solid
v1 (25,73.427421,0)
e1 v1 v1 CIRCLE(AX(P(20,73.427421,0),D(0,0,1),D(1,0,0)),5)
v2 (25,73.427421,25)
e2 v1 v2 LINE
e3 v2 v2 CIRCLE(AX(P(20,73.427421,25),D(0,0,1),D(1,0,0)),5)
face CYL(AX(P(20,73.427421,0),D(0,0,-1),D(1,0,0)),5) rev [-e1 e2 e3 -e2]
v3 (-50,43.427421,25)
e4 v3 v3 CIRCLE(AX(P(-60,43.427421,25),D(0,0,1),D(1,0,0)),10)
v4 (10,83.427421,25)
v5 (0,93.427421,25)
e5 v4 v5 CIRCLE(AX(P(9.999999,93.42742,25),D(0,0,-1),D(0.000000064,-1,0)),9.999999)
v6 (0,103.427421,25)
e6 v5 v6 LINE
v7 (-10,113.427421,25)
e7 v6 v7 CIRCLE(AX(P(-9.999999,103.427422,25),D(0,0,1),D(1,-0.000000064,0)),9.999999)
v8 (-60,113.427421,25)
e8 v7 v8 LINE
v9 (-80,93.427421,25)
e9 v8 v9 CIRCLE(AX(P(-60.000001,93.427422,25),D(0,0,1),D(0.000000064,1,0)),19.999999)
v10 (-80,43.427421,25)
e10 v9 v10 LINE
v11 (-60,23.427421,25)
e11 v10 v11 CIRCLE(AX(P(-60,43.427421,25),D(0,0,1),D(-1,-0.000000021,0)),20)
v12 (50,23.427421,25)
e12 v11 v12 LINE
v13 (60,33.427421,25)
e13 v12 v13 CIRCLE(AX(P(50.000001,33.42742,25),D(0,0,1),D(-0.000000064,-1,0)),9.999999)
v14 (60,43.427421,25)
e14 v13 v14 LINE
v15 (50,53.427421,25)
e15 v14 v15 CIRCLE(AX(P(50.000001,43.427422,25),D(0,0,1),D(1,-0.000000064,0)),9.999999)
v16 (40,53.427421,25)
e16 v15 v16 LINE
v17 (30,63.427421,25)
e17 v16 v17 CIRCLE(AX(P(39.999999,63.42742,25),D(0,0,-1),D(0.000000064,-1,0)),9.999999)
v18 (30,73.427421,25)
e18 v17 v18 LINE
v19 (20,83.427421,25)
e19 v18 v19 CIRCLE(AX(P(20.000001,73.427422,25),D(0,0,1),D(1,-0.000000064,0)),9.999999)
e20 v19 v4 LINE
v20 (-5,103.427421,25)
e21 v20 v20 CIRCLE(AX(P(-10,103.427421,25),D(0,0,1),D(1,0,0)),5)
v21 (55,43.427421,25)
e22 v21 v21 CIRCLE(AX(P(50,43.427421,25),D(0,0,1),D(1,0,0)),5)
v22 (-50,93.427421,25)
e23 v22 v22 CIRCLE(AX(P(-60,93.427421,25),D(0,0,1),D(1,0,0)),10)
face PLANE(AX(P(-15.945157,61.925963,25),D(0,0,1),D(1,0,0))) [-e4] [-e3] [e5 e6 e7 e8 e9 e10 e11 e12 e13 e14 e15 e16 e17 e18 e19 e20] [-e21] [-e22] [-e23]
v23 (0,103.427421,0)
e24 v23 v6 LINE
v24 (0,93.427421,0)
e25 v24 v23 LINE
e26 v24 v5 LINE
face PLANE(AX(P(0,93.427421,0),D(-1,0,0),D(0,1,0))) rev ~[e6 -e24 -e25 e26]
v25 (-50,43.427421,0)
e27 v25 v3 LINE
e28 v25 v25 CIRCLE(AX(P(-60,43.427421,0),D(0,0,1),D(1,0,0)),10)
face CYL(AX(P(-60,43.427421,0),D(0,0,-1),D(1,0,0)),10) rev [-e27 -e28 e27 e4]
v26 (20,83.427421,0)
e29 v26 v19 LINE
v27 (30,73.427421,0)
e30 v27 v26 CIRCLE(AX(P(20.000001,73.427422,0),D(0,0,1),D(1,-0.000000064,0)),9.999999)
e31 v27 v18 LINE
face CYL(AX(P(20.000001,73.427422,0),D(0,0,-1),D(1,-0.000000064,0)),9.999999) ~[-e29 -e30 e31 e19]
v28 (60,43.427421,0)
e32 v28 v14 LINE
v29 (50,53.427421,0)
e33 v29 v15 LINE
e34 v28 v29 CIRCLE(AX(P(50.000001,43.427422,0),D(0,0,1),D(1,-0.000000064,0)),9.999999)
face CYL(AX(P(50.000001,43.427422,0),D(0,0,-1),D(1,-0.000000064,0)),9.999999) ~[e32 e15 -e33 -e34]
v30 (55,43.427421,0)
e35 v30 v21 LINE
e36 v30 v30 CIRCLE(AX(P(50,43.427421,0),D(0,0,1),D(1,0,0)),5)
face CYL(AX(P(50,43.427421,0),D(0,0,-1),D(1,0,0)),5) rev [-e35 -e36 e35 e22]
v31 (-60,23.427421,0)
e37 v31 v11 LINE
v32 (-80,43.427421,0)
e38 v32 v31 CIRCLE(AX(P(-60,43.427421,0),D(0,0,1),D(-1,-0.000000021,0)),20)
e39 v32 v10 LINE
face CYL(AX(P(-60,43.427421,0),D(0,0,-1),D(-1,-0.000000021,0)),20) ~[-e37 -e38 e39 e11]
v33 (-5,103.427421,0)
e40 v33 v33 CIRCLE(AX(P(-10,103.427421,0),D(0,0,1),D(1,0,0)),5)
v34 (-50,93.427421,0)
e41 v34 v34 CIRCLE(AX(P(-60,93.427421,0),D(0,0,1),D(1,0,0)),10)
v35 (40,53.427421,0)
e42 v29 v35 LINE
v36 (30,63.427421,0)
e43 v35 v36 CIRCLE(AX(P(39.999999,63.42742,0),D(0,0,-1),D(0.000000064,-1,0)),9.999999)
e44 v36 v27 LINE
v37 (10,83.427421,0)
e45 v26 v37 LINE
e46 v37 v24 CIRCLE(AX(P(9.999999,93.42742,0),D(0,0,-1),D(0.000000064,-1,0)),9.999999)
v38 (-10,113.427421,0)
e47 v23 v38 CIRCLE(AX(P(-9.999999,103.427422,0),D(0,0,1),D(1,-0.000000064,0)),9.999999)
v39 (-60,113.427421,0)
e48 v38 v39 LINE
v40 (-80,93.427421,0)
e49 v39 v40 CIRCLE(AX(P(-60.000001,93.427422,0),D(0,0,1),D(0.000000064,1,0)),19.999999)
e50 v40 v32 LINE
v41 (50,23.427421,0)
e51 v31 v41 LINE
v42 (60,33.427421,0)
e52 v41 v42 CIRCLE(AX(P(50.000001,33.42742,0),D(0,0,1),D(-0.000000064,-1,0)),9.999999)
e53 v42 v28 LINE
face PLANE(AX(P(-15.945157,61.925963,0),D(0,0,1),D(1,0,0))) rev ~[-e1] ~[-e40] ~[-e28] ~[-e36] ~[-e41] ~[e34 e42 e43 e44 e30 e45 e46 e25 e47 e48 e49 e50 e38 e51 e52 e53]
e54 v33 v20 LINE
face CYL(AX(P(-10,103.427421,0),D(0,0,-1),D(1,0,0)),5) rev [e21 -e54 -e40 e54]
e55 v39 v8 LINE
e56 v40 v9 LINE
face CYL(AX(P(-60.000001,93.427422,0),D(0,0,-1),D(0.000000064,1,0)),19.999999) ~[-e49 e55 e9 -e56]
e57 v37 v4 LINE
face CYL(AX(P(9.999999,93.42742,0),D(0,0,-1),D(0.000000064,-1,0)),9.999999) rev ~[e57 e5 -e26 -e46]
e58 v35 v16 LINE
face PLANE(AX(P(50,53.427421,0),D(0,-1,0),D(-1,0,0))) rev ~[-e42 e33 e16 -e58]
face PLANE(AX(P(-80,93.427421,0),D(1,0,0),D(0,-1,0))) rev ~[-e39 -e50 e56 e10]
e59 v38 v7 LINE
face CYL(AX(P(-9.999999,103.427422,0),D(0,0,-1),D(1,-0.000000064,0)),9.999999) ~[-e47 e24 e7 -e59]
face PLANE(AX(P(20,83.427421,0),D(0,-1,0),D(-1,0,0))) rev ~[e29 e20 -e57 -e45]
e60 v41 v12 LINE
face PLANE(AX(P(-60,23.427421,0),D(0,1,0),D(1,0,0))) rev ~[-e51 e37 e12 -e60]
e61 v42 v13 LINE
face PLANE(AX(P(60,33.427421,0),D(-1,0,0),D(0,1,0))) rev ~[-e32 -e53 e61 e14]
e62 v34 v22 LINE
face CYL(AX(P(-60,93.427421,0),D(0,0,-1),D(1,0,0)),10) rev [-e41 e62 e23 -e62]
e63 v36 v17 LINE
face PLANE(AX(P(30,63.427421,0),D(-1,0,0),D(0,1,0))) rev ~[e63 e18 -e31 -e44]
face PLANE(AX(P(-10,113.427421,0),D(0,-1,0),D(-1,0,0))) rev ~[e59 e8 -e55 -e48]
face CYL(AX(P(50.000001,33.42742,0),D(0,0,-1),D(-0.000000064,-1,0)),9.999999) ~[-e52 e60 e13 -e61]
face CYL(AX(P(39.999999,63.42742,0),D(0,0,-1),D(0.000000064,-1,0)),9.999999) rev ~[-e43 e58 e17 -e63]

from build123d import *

# Parameters (mm, degrees)
F0_R     = 10
F0_R_2   = 5
F1_DEPTH = 25


with BuildPart() as f1:
    # F0 (on Top) → F1 (new body)
    with BuildSketch(Plane.XY):
        with BuildLine():
            ThreePointArc((-80, 43.427421), (-74.142136, 29.285286), (-60, 23.427421))
            Line((-60, 23.427421), (50, 23.427421))
            ThreePointArc((50, 23.427421), (57.071068, 26.356353), (60, 33.427421))
            Line((60, 33.427421), (60, 43.427421))
            ThreePointArc((60, 43.427421), (57.071068, 50.498489), (50, 53.427421))
            Line((50, 53.427421), (40, 53.427421))
            ThreePointArc((40, 53.427421), (32.928932, 56.356353), (30, 63.427421))
            Line((30, 63.427421), (30, 73.427421))
            ThreePointArc((30, 73.427421), (27.071068, 80.498489), (20, 83.427421))
            Line((20, 83.427421), (10, 83.427421))
            ThreePointArc((10, 83.427421), (2.928932, 86.356353), (0, 93.427421))
            Line((0, 93.427421), (0, 103.427421))
            ThreePointArc((0, 103.427421), (-2.928932, 110.498489), (-10, 113.427421))
            Line((-10, 113.427421), (-60, 113.427421))
            ThreePointArc((-60, 113.427421), (-74.142136, 107.569557), (-80, 93.427421))
            Line((-80, 93.427421), (-80, 43.427421))
        make_face()
        with Locations((-60, 43.427421)):
            Circle(F0_R, mode=Mode.SUBTRACT)
        with Locations((50, 43.427421)):
            Circle(F0_R_2, mode=Mode.SUBTRACT)
        with Locations((-60, 93.427421)):
            Circle(F0_R, mode=Mode.SUBTRACT)
        with Locations((20, 73.427421)):
            Circle(F0_R_2, mode=Mode.SUBTRACT)
        with Locations((-10, 103.427421)):
            Circle(F0_R_2, mode=Mode.SUBTRACT)
    extrude(amount=F1_DEPTH)


solid = f1.part
